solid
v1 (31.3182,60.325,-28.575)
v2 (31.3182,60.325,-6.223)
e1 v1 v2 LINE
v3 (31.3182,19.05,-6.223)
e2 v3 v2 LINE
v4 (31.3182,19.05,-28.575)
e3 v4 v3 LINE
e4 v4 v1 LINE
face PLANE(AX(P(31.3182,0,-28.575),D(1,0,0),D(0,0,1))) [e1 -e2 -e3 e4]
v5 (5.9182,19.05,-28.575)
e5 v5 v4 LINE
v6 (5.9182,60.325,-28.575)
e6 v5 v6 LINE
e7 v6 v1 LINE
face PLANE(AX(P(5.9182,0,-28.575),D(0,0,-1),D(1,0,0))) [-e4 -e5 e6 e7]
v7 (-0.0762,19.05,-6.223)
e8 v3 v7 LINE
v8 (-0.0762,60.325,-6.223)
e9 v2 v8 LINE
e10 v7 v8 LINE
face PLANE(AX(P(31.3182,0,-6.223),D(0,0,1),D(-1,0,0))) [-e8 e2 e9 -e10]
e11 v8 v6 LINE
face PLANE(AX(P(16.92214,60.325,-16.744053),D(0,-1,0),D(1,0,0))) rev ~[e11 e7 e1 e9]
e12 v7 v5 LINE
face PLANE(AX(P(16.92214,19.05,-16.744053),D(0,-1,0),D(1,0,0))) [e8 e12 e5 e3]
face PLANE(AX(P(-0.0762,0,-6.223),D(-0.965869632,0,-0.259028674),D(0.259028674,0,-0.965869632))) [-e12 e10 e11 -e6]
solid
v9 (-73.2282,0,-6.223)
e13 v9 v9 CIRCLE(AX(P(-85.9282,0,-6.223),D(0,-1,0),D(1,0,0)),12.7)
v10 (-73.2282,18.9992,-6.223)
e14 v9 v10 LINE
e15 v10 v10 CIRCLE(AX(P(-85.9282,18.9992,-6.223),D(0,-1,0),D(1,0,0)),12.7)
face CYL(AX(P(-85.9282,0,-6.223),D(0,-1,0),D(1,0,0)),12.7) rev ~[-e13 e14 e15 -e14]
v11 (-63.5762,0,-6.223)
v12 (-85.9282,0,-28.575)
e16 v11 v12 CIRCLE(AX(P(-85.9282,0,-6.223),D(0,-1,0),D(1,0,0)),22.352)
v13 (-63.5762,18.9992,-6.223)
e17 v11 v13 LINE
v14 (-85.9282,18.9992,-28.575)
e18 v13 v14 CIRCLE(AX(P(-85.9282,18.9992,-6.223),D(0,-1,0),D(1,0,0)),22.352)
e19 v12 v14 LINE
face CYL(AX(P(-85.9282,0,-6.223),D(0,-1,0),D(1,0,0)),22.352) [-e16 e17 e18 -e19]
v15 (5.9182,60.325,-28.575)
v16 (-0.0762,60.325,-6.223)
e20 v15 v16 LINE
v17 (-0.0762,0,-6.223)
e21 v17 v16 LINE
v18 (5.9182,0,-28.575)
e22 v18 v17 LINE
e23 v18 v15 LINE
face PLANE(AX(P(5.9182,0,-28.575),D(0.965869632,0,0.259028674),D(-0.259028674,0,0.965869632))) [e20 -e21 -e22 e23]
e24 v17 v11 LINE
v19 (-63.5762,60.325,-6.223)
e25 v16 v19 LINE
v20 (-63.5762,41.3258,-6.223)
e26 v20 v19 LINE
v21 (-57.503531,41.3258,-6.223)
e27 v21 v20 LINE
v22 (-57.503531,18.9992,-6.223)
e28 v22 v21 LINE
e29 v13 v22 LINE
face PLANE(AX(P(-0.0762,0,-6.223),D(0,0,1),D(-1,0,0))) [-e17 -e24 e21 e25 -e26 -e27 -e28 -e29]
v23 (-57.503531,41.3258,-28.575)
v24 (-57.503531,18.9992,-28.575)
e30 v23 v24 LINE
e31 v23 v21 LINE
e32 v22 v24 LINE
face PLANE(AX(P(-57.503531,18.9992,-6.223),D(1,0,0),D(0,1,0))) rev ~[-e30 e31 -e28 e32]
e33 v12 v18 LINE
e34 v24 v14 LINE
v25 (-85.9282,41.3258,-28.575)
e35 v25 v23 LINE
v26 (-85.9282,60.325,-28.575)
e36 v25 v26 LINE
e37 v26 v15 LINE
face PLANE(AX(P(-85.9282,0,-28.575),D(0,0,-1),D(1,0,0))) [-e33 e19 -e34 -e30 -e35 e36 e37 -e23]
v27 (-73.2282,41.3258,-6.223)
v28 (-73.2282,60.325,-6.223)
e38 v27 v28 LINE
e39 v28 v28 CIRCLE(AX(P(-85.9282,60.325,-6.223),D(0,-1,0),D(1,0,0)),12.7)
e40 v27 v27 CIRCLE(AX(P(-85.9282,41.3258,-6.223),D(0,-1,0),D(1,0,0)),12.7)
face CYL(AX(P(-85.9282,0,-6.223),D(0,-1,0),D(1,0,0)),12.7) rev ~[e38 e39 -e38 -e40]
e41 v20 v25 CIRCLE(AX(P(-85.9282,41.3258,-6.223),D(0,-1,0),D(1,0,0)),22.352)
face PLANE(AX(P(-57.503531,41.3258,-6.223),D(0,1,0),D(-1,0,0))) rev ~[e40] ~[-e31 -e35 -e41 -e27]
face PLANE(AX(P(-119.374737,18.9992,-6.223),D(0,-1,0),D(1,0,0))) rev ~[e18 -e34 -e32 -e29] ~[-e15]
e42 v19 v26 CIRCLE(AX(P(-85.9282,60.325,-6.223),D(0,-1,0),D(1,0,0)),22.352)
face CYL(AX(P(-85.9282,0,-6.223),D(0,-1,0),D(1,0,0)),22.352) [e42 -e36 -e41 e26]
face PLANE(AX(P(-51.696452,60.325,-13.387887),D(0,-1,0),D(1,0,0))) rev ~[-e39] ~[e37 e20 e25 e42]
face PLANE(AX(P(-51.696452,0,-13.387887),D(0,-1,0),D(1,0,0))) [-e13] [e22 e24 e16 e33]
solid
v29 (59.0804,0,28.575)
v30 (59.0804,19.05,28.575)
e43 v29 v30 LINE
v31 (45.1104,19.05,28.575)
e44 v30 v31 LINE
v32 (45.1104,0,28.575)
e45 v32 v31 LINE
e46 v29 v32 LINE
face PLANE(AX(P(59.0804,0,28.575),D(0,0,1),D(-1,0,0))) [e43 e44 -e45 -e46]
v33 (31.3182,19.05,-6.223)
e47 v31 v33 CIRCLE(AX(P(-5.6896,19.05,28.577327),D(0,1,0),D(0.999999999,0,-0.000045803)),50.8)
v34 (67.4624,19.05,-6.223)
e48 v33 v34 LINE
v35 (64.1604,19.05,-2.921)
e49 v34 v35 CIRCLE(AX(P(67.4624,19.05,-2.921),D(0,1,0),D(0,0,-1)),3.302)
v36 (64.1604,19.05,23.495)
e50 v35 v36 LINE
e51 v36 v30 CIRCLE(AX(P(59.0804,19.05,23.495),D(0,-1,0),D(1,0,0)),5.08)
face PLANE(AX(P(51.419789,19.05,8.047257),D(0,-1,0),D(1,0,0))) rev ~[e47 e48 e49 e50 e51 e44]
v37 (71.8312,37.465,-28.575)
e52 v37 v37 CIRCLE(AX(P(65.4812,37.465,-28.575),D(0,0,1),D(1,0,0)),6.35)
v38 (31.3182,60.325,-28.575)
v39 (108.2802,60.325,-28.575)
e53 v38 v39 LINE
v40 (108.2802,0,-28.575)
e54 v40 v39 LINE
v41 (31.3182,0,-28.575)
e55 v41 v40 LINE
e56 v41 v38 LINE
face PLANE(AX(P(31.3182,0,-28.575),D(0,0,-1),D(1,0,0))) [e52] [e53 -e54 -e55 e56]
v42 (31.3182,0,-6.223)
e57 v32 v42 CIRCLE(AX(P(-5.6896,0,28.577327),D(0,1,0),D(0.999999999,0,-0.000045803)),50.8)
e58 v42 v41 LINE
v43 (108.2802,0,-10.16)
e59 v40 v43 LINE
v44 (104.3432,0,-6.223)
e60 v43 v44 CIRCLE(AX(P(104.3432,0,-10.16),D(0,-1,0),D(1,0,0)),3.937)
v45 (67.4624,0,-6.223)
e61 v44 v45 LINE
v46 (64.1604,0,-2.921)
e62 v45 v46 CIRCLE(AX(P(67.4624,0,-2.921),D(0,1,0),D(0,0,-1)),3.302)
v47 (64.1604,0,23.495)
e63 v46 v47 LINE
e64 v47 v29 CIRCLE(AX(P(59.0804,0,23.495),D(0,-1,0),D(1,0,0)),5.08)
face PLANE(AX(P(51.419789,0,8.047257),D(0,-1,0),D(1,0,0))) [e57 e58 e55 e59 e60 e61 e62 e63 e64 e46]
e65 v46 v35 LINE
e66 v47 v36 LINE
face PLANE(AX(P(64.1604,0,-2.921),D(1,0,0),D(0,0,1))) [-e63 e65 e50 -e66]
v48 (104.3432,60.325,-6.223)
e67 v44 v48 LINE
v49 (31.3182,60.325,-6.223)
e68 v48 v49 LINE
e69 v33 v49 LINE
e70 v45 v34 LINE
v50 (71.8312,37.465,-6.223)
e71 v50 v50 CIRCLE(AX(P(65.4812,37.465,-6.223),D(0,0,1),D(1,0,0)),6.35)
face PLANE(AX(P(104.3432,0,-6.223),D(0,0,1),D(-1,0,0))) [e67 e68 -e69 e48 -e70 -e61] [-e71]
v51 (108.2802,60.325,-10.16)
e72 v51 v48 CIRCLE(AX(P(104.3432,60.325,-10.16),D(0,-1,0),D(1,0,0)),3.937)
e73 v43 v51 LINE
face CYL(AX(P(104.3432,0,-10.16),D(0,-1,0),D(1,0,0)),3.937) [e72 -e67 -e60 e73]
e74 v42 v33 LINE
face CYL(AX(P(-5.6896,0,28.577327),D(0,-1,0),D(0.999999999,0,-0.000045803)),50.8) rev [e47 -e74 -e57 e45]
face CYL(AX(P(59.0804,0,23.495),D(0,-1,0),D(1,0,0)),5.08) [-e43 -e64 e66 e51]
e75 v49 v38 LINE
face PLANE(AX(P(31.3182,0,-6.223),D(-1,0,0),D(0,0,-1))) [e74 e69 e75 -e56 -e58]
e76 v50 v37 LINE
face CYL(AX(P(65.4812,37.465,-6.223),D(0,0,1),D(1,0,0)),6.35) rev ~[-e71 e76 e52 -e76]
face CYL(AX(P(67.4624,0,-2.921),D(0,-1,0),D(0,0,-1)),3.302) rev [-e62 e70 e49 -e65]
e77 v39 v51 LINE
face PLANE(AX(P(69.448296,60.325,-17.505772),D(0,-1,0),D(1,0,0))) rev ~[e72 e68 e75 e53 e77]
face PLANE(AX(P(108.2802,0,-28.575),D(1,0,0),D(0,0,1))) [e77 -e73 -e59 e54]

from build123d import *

# Parameters (mm, degrees)
F1_DEPTH = 60.325
F2_DEPTH = 19.05
F0_R     = 12.7
F3_DEPTH = 60.325
F4_DEPTH = 60.325
F5_DEPTH = 19.05
F6_W     = 6.072669208
F6_H     = 22.3266
F6_W_2   = 55.7985371435
F7_DEPTH = 105.41
F8_R     = 6.35
F9_DEPTH = 22.353


with BuildPart() as f1:
    # F0 (on Front) → F1 (new body)
    with BuildSketch(Plane.XZ):
        with BuildLine():
            Line((31.3182, -28.575), (108.2802, -28.575))
            Line((108.2802, -28.575), (108.2802, -10.16))
            ThreePointArc((108.2802, -10.16), (107.1270793975, -7.3761206025), (104.3432, -6.223))
            Line((104.3432, -6.223), (67.4624, -6.223))
            Line((67.4624, -6.223), (31.3182, -6.223))
            Line((31.3182, -6.223), (31.3182, -28.575))
        make_face()
    extrude(amount=-F1_DEPTH)

    # F0 (on Front) → F2 (join)
    with BuildSketch(Plane.XZ):
        with BuildLine():
            ThreePointArc((45.1104, 28.575), (41.5362153616, 9.8593576341), (31.3182, -6.223))
            Line((31.3182, -6.223), (67.4624, -6.223))
            ThreePointArc((67.4624, -6.223), (65.1275334085, -5.2558665915), (64.1604, -2.921))
            Line((64.1604, -2.921), (64.1604, 23.495))
            ThreePointArc((64.1604, 23.495), (62.6725024484, 27.0871024484), (59.0804, 28.575))
            Line((59.0804, 28.575), (45.1104, 28.575))
        make_face()
    extrude(amount=-F2_DEPTH)

    # F8 (on face) → F9 (cut, through all)
    with BuildSketch(Plane.XY.offset(-6.223)):
        with Locations((65.4812, 37.465)):
            Circle(F8_R)
    extrude(amount=-F9_DEPTH, mode=Mode.SUBTRACT)


with BuildPart() as f3:
    # F0 (on Front) → F3 (new body)
    with BuildSketch(Plane.XZ):
        with BuildLine():
            Line((-85.9282, -28.575), (5.9182, -28.575))
            Line((5.9182, -28.575), (-0.0762, -6.223))
            Line((-0.0762, -6.223), (-63.5762, -6.223))
            ThreePointArc((-63.5762, -6.223), (-101.7334507731, 9.5822507731), (-85.9282, -28.575))
        make_face()
        with Locations((-85.9282, -6.223)):
            Circle(F0_R, mode=Mode.SUBTRACT)
    extrude(amount=-F3_DEPTH)

    # F6 (on face) → F7 (cut, symmetric)
    with BuildSketch(Plane.XY.offset(-6.223)):
        with Locations((-60.539865396, 30.1625)):
            Rectangle(F6_W, F6_H)
        with Locations((-91.4754685718, 30.1625)):
            Rectangle(F6_W_2, F6_H)
    extrude(amount=F7_DEPTH, both=True, mode=Mode.SUBTRACT)


with BuildPart() as f4:
    # F0 (on Front) → F4 (new body)
    with BuildSketch(Plane.XZ):
        Polygon((5.9182, -28.575), (31.3182, -28.575), (31.3182, -6.223), (-0.0762, -6.223), align=None)
    extrude(amount=-F4_DEPTH)

    # F0 (on Front) → F5 (cut)
    with BuildSketch(Plane.XZ):
        Polygon((5.9182, -28.575), (31.3182, -28.575), (31.3182, -6.223), (-0.0762, -6.223), align=None)
    extrude(amount=-F5_DEPTH, mode=Mode.SUBTRACT)


solid = Compound([f1.part, f3.part, f4.part])
